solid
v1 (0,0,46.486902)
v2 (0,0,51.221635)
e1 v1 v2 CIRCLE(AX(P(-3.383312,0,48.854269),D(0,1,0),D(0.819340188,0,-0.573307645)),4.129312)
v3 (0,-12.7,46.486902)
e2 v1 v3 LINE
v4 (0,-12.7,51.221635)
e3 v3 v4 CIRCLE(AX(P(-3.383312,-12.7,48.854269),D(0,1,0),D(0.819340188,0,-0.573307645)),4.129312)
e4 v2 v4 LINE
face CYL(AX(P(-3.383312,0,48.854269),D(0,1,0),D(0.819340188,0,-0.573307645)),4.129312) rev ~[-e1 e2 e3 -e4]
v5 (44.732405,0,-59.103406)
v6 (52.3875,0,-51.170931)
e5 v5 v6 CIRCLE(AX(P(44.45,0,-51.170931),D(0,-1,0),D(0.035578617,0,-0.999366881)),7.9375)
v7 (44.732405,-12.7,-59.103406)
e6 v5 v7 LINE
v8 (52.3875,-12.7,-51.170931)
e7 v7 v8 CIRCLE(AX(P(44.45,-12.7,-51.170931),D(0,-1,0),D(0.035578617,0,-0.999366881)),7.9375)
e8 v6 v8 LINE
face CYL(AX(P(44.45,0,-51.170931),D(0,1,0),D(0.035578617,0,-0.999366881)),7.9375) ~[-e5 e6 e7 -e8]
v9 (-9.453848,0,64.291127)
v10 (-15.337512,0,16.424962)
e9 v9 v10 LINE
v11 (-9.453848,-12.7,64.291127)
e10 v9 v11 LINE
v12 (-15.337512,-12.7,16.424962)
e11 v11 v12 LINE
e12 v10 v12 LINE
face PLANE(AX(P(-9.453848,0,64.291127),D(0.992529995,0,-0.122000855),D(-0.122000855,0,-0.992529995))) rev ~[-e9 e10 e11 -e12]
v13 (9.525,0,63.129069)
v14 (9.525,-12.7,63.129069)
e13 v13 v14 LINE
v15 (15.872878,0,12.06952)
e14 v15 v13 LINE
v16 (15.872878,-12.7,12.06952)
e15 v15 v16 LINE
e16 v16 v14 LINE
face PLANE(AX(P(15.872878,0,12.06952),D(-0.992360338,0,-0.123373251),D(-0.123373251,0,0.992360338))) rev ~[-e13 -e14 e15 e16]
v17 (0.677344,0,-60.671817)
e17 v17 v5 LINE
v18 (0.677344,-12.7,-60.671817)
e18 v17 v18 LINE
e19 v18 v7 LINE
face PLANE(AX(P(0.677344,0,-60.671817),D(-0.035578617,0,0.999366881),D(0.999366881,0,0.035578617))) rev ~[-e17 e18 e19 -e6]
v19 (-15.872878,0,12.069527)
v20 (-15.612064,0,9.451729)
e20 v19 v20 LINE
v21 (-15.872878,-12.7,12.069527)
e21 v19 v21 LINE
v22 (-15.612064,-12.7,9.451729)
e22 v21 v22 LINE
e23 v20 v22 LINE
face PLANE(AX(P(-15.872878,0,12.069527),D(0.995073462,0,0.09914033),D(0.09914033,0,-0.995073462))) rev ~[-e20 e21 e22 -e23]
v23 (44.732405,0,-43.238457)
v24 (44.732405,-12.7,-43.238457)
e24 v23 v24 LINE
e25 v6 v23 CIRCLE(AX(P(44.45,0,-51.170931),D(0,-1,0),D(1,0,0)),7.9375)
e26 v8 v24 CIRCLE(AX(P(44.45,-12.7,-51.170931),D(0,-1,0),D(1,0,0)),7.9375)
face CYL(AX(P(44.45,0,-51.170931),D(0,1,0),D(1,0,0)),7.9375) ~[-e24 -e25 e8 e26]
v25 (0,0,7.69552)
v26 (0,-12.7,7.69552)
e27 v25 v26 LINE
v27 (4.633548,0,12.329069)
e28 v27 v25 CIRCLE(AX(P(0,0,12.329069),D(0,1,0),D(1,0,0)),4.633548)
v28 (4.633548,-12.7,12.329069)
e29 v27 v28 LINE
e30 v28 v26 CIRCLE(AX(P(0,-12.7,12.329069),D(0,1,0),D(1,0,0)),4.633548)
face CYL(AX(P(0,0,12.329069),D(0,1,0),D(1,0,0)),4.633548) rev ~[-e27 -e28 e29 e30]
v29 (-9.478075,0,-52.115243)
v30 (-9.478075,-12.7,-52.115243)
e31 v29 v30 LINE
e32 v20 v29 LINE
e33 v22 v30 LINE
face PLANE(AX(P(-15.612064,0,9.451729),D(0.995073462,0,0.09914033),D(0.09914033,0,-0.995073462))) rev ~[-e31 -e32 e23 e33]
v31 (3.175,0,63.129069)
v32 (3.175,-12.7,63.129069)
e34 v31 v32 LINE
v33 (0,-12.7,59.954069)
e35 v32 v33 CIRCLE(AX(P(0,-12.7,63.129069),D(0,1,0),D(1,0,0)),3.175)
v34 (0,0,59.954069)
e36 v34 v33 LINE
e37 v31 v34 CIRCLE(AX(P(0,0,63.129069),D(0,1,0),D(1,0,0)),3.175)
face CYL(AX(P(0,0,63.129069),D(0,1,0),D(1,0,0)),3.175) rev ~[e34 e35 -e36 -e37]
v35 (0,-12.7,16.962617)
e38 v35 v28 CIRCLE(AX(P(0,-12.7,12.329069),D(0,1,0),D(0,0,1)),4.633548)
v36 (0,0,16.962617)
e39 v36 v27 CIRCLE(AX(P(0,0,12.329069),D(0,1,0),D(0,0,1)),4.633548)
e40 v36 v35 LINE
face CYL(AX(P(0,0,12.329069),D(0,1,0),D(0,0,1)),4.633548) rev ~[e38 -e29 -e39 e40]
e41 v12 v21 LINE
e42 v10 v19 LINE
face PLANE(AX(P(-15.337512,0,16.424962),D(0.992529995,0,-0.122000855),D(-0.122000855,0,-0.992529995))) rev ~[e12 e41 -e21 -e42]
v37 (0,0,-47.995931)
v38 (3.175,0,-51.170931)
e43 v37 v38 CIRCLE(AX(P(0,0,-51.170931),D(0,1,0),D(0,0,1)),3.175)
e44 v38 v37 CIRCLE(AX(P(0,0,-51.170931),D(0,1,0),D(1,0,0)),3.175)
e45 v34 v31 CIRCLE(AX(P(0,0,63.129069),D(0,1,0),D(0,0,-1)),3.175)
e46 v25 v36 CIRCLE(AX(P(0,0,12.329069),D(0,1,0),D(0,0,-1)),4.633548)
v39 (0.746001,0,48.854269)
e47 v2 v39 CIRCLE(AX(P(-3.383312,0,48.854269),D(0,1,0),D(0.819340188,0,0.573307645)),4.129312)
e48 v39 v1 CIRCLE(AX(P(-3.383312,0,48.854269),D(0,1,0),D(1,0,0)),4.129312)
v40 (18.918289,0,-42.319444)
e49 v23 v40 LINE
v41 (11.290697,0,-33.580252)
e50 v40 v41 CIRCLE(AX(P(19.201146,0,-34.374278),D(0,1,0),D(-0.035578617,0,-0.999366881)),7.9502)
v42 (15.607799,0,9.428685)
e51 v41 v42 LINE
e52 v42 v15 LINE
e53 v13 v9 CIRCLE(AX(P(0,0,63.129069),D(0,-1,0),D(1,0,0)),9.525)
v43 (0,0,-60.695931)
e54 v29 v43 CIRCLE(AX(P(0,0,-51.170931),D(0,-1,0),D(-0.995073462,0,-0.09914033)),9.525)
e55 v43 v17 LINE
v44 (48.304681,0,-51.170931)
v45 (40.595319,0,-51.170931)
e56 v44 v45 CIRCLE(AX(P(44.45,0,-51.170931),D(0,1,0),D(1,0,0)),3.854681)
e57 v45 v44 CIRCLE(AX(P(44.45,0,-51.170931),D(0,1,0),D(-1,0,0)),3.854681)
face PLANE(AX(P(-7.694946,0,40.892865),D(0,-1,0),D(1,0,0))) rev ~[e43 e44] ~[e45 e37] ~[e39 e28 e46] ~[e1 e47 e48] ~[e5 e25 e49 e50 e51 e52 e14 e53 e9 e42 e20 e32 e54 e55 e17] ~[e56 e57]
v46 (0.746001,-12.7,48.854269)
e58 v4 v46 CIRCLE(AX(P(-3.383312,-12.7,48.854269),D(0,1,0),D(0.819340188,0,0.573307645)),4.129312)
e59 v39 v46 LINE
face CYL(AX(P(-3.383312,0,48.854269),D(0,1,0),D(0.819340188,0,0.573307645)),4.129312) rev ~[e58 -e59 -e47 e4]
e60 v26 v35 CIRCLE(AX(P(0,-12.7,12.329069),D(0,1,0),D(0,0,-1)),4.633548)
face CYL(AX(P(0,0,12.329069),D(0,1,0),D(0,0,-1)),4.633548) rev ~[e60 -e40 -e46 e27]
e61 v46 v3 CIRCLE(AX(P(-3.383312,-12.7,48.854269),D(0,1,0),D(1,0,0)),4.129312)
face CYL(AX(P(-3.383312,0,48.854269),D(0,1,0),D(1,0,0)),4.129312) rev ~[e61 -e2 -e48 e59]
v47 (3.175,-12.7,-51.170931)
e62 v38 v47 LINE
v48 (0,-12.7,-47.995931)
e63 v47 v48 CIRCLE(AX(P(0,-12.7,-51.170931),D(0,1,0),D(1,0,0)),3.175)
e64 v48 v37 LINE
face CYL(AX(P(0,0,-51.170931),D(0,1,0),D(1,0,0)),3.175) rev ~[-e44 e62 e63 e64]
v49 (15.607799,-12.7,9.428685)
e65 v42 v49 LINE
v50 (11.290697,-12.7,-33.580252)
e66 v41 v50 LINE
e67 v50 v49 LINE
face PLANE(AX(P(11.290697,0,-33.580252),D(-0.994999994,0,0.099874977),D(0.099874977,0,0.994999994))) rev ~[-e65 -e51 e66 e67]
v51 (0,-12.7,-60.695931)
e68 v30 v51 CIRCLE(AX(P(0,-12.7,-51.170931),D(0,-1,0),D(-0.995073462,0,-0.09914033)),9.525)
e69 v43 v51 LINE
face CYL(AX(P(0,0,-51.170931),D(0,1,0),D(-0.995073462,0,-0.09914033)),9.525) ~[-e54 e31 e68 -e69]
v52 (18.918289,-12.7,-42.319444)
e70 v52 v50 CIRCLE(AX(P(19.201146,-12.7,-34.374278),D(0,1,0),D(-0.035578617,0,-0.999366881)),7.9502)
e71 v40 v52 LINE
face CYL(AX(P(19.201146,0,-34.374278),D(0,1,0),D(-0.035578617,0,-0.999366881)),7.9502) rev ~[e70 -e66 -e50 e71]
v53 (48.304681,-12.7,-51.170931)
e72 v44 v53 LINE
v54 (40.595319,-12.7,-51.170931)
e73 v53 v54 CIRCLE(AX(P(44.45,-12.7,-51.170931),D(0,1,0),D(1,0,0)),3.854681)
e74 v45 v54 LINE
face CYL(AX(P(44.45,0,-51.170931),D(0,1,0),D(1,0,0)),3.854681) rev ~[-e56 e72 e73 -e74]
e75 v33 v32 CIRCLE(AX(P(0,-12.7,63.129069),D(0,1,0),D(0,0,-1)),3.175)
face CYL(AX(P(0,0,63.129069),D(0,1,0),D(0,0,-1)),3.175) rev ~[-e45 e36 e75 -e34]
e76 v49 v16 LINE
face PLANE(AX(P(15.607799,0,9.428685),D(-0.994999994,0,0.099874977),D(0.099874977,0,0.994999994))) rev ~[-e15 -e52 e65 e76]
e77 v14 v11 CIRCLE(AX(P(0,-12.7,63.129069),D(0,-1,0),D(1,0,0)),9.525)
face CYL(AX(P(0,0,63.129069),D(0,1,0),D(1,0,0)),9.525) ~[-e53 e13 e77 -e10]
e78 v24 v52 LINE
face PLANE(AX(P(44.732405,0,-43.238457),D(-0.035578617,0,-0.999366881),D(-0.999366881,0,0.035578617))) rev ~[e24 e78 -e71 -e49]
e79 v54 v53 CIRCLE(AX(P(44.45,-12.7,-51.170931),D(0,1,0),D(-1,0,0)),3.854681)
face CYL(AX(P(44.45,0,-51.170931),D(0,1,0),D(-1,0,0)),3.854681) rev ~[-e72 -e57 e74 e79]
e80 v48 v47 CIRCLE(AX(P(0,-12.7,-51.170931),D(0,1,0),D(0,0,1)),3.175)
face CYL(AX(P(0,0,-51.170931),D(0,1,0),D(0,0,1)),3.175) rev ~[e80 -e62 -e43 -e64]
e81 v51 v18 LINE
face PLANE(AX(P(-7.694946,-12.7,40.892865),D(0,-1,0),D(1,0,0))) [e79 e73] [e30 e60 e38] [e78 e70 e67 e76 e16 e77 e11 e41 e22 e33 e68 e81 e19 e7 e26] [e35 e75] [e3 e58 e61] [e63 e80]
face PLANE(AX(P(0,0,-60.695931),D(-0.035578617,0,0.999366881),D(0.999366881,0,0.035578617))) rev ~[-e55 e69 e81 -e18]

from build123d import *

# Parameters (mm, degrees)
F1_DEPTH = 12.7
F2_DEPTH = 3.048


with BuildPart() as f1:
    # F0 (on Front) → F1 (new body)
    with BuildSketch(Plane.XZ):
        with BuildLine():
            Line((0, 51.2216350224), (0, 53.6040686))
            ThreePointArc((0, 53.6040686), (-7.1342213589, 56.8180852692), (-9.4538482046, 64.2911267413))
            Line((-9.4538482046, 64.2911267413), (-15.3375121761, 16.4249623056))
            ThreePointArc((-15.3375121761, 16.4249623056), (-9.6693668982, 24.9195002363), (0, 28.2040686))
            Line((0, 28.2040686), (0, 46.4869021777))
            ThreePointArc((0, 46.4869021777), (-7.5126241699, 48.8542686), (0, 51.2216350224))
        make_face()
        with BuildLine():
            ThreePointArc((9.525, 63.1290686), (6.7351920908, 56.3938765092), (0, 53.6040686))
            Line((0, 53.6040686), (0, 51.2216350224))
            ThreePointArc((0, 51.2216350224), (0.5550872912, 50.0953307458), (0.7460008182, 48.8542686))
            ThreePointArc((0.7460008182, 48.8542686), (0.5550872912, 47.6132064543), (0, 46.4869021777))
            Line((0, 46.4869021777), (0, 28.2040686))
            ThreePointArc((0, 28.2040686), (9.6519445425, 24.9328613447), (15.3261239176, 16.4673714724))
            Line((15.3261239176, 16.4673714724), (9.525, 63.1290686))
        make_face()
        with BuildLine():
            ThreePointArc((-9.4538482046, 64.2911267413), (-7.1342213589, 56.8180852692), (0, 53.6040686))
            ThreePointArc((0, 53.6040686), (6.7351920908, 56.3938765092), (9.525, 63.1290686))
            ThreePointArc((9.525, 63.1290686), (0.5821171922, 72.6362640106), (-9.4538482046, 64.2911267413))
        make_face()
        with BuildLine():
            ThreePointArc((3.175, 63.1290686), (2.2450640303, 60.8840045698), (0, 59.9540686))
            ThreePointArc((0, 59.9540686), (-2.2450640303, 65.3741326303), (3.175, 63.1290686))
        make_face(mode=Mode.SUBTRACT)
        with BuildLine():
            Line((15.8728781179, 12.0695204249), (15.3261239176, 16.4673714724))
            ThreePointArc((15.3261239176, 16.4673714724), (9.6519445425, 24.9328613447), (0, 28.2040686))
            Line((0, 28.2040686), (0, 16.9626167222))
            ThreePointArc((0, 16.9626167222), (3.2764132981, 15.6054818982), (4.6335481221, 12.3290686))
            ThreePointArc((4.6335481221, 12.3290686), (3.2764132981, 9.0526553019), (0, 7.6955204779))
            Line((0, 7.6955204779), (0, -3.5459314))
            ThreePointArc((0, -3.5459314), (10.1482027408, 0.1213003301), (15.6077993594, 9.4286851503))
            Line((15.6077993594, 9.4286851503), (15.8728781179, 12.0695204249))
        make_face()
        with BuildLine():
            ThreePointArc((0, 28.2040686), (-9.6693668982, 24.9195002363), (-15.3375121761, 16.4249623056))
            Line((-15.3375121761, 16.4249623056), (-15.8728782216, 12.0695267661))
            Line((-15.8728782216, 12.0695267661), (-15.6120639675, 9.4517289128))
            ThreePointArc((-15.6120639675, 9.4517289128), (-10.1572106768, 0.1287941659), (0, -3.5459314))
            Line((0, -3.5459314), (0, 7.6955204779))
            ThreePointArc((0, 7.6955204779), (-4.6335481221, 12.3290686), (0, 16.9626167222))
            Line((0, 16.9626167222), (0, 28.2040686))
        make_face()
        with BuildLine():
            ThreePointArc((0, -3.5459314), (-10.1572106768, 0.1287941659), (-15.6120639675, 9.4517289128))
            Line((-15.6120639675, 9.4517289128), (-9.4780747266, -52.1152430422))
            ThreePointArc((-9.4780747266, -52.1152430422), (-7.0611682246, -44.7783162619), (0, -41.6459314))
            Line((0, -41.6459314), (0, -3.5459314))
        make_face()
        with BuildLine():
            ThreePointArc((0, -41.6459314), (-7.0611682246, -44.7783162619), (-9.4780747266, -52.1152430422))
            ThreePointArc((-9.4780747266, -52.1152430422), (-6.3926151381, -58.2320996246), (0, -60.6959314))
            Line((0, -60.6959314), (0.6773435479, -60.6718171859))
            ThreePointArc((0.6773435479, -60.6718171859), (6.9705567315, -57.6622304882), (9.525, -51.1709314))
            Line((9.525, -51.1709314), (3.175, -51.1709314))
            ThreePointArc((3.175, -51.1709314), (-2.2450640303, -53.4159954302), (0, -47.9959314))
            Line((0, -47.9959314), (0, -41.6459314))
        make_face()
        with BuildLine():
            ThreePointArc((9.525, -51.1709314), (6.7351920908, -44.4357393092), (0, -41.6459314))
            Line((0, -41.6459314), (0, -47.9959314))
            ThreePointArc((0, -47.9959314), (2.2450640303, -48.9258673697), (3.175, -51.1709314))
            Line((3.175, -51.1709314), (9.525, -51.1709314))
        make_face()
        with BuildLine():
            Line((11.290697226, -33.5802517612), (15.6077993594, 9.4286851503))
            ThreePointArc((15.6077993594, 9.4286851503), (10.1482027408, 0.1213003301), (0, -3.5459314))
            Line((0, -3.5459314), (0, -41.6459314))
            ThreePointArc((0, -41.6459314), (6.7351920908, -44.4357393092), (9.525, -51.1709314))
            Line((9.525, -51.1709314), (36.5125, -51.1709314))
            ThreePointArc((36.5125, -51.1709314), (38.9380895153, -45.459298616), (44.7324052746, -43.2384567854))
            Line((44.7324052746, -43.2384567854), (18.9182890587, -42.3194443799))
            ThreePointArc((18.9182890587, -42.3194443799), (13.2114936015, -39.60206338), (11.290697226, -33.5802517612))
        make_face()
        with BuildLine():
            Line((36.5125, -51.1709314), (9.525, -51.1709314))
            ThreePointArc((9.525, -51.1709314), (6.9705567315, -57.6622304882), (0.6773435479, -60.6718171859))
            Line((0.6773435479, -60.6718171859), (44.7324052746, -59.1034060145))
            ThreePointArc((44.7324052746, -59.1034060145), (38.9380895153, -56.8825641839), (36.5125, -51.1709314))
        make_face()
        with BuildLine():
            ThreePointArc((52.3875, -51.1709314), (50.1616327839, -45.6590209152), (44.7324052746, -43.2384567854))
            ThreePointArc((44.7324052746, -43.2384567854), (38.9380895153, -45.459298616), (36.5125, -51.1709314))
            ThreePointArc((36.5125, -51.1709314), (38.9380895153, -56.8825641839), (44.7324052746, -59.1034060145))
            ThreePointArc((44.7324052746, -59.1034060145), (50.1616327839, -56.6828418847), (52.3875, -51.1709314))
        make_face()
        with BuildLine():
            ThreePointArc((48.30468059, -51.1709314), (44.45, -55.02561199), (40.59531941, -51.1709314))
            ThreePointArc((40.59531941, -51.1709314), (44.45, -47.3162508099), (48.30468059, -51.1709314))
        make_face(mode=Mode.SUBTRACT)
    extrude(amount=F1_DEPTH)

    # F0 (on Front) → F2 (join)
    with BuildSketch(Plane.XZ):
        with BuildLine():
            ThreePointArc((9.525, -51.1709314), (6.7351920908, -44.4357393092), (0, -41.6459314))
            Line((0, -41.6459314), (0, -47.9959314))
            ThreePointArc((0, -47.9959314), (2.2450640303, -48.9258673697), (3.175, -51.1709314))
            Line((3.175, -51.1709314), (9.525, -51.1709314))
        make_face()
    extrude(amount=F2_DEPTH)


solid = f1.part
